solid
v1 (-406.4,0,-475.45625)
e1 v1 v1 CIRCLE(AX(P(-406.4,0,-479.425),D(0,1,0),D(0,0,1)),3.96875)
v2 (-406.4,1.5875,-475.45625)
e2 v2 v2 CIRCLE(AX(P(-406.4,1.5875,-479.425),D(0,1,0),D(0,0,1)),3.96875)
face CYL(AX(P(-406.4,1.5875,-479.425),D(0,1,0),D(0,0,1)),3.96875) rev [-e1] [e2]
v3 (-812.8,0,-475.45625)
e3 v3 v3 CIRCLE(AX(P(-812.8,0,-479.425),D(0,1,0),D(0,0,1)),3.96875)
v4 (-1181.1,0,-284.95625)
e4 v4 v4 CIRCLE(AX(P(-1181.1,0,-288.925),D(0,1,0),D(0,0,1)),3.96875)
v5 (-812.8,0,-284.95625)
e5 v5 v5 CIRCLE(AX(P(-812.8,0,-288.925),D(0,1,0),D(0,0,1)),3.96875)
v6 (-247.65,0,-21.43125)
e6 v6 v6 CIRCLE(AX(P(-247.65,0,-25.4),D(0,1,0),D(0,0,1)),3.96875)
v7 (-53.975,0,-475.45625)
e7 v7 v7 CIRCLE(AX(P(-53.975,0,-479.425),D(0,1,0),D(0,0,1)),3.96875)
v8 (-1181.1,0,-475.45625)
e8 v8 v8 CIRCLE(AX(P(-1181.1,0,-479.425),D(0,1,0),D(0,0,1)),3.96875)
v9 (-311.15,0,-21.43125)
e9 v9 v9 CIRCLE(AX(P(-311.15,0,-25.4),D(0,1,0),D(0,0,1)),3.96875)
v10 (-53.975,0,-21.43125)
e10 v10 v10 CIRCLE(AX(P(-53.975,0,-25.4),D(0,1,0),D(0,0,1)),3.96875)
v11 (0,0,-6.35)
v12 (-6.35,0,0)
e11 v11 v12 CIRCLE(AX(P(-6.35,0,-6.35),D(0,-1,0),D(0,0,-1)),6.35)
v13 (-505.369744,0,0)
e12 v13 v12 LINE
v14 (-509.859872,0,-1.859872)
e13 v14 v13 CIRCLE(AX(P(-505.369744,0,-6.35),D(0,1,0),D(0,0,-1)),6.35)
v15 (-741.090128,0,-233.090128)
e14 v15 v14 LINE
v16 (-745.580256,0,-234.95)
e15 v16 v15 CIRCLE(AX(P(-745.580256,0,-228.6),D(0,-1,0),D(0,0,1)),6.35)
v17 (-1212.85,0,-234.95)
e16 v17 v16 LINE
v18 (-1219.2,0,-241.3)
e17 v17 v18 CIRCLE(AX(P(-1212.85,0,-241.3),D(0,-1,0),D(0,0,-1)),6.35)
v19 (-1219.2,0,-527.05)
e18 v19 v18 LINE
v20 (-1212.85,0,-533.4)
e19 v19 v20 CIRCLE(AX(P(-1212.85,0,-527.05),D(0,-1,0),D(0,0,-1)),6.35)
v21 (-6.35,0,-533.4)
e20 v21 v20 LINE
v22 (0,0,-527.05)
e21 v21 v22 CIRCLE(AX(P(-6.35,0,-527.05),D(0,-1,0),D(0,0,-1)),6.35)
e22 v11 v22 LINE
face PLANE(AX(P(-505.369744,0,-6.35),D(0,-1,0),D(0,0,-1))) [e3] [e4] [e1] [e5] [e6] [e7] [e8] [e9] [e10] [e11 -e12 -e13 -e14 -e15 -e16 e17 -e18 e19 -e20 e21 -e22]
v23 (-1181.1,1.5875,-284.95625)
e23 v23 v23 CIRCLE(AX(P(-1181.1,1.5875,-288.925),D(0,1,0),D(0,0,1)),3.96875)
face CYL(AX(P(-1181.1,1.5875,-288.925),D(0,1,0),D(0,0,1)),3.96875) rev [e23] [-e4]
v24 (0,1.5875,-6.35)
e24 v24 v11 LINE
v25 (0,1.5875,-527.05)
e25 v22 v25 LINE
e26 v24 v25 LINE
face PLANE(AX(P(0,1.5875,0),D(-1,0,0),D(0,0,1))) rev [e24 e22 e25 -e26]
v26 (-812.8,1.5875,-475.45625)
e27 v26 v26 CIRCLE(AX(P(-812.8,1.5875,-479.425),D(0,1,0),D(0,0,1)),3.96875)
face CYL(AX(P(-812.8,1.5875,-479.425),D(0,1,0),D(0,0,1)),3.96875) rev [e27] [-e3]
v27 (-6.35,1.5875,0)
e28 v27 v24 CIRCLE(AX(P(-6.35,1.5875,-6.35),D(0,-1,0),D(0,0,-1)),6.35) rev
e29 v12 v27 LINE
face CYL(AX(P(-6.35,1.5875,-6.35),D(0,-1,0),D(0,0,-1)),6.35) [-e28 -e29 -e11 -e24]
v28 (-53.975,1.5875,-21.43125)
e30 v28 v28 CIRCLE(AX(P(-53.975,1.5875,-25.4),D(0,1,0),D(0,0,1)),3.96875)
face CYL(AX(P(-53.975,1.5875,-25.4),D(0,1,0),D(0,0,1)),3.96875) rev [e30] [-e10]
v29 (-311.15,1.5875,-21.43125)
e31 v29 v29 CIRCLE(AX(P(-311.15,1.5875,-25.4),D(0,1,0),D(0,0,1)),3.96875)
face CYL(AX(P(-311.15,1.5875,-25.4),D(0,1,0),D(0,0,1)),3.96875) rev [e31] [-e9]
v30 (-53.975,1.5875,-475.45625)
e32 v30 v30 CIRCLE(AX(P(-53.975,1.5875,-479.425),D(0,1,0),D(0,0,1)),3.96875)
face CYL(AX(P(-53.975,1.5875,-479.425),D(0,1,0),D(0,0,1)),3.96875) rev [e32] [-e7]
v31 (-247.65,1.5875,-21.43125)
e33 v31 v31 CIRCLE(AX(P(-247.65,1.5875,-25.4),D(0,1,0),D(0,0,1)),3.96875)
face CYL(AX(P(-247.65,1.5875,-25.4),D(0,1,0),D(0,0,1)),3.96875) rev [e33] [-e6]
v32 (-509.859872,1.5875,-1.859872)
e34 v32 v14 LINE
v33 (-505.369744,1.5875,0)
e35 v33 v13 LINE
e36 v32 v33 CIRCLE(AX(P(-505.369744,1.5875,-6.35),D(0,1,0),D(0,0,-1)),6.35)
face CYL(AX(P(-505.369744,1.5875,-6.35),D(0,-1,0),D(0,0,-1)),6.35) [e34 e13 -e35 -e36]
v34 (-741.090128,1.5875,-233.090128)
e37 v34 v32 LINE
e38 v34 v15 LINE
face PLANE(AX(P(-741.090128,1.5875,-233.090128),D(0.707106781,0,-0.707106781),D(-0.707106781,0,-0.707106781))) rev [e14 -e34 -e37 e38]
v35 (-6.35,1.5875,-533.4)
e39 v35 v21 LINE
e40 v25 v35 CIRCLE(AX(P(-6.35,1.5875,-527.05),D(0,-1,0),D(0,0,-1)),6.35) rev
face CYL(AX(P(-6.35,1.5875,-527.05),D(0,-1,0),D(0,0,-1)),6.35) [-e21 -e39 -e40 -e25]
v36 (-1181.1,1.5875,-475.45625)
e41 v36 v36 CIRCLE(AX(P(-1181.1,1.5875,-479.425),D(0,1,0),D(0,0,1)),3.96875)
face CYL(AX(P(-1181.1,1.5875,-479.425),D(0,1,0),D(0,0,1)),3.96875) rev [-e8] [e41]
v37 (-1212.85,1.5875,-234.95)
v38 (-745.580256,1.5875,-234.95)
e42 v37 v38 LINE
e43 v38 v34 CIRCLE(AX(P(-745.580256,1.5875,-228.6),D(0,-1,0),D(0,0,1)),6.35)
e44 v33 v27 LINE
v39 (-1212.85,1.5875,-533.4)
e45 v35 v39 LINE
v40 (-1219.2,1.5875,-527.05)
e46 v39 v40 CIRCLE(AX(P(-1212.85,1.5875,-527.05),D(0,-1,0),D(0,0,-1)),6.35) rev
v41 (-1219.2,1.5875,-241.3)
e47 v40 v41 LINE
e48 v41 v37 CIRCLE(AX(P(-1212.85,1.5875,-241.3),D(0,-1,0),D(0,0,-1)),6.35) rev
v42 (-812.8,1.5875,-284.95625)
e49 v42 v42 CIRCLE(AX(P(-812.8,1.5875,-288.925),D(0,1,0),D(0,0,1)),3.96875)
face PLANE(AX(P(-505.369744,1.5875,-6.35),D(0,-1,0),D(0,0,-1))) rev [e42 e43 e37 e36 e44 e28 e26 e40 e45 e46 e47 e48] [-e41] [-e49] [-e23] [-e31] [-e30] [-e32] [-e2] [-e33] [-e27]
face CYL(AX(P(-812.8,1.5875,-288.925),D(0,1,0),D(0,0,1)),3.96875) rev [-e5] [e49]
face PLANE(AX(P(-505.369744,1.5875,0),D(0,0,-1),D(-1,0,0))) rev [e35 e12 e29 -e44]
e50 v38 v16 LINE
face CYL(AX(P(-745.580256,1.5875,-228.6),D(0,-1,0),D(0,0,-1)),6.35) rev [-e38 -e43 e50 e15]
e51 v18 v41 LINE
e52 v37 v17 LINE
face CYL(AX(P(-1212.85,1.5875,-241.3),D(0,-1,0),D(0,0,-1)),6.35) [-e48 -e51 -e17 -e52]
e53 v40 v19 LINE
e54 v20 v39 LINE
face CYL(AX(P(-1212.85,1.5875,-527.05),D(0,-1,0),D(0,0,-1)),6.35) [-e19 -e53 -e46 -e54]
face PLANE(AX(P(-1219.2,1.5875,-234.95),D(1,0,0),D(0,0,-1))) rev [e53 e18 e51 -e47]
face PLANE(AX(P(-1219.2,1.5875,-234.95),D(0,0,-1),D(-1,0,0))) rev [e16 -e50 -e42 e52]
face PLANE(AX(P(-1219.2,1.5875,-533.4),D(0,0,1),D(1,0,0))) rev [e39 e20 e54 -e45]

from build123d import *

# Parameters (mm, degrees)
BOSS_EXTRUDE1_DEPTH            = 1.5875
F_5_16_0_3125_DIAMETER_HOLE1_D = 7.9375
FILLET1_R                      = 6.35


with BuildPart() as part:
    # Sketch1 → Boss-Extrude1 (new body)
    with BuildSketch(Plane(origin=(0, 0, 0), x_dir=(1, 0, 0), z_dir=(0, 1, 0))):
        with BuildLine():
            Line((-1219.2, 234.95), (-745.580256121, 234.95))
            ThreePointArc((-745.580256121, 234.95), (-743.150216326, 234.466635031), (-741.090128061, 233.090128061))
            Line((-741.090128061, 233.090128061), (-509.859871939, 1.859871939))
            ThreePointArc((-509.859871939, 1.859871939), (-507.799783674, 0.483364969), (-505.369743879, 0))
            Line((-505.369743879, 0), (0, 0))
            Line((0, 0), (0, 533.4))
            Line((0, 533.4), (-1219.2, 533.4))
            Line((-1219.2, 533.4), (-1219.2, 234.95))
        make_face()
    extrude(amount=BOSS_EXTRUDE1_DEPTH)

    # 5/16 (0.3125) Diameter Hole1 (through all)
    with Locations(Plane(origin=(0, 1.5875, 0), x_dir=(1, 0, 0), z_dir=(0, 1, 0))):
        with Locations((-1181.1, 479.425), (-1181.1, 288.925), (-812.8, 288.925), (-812.8, 479.425), (-406.4, 479.425), (-53.975, 479.425), (-53.975, 25.4), (-247.65, 25.4), (-311.15, 25.4)):
            Hole(F_5_16_0_3125_DIAMETER_HOLE1_D / 2)

    # Fillet1
    fillet1_edges = [part.edges().sort_by_distance(p)[0] for p in [
        (-1219.2, 0.79375, -234.95),
        (-1219.2, 0.79375, -533.4),
        (0, 0.79375, -533.4),
        (0, 0.79375, 0),
    ]]
    fillet(fillet1_edges, radius=FILLET1_R)


solid = part.part
